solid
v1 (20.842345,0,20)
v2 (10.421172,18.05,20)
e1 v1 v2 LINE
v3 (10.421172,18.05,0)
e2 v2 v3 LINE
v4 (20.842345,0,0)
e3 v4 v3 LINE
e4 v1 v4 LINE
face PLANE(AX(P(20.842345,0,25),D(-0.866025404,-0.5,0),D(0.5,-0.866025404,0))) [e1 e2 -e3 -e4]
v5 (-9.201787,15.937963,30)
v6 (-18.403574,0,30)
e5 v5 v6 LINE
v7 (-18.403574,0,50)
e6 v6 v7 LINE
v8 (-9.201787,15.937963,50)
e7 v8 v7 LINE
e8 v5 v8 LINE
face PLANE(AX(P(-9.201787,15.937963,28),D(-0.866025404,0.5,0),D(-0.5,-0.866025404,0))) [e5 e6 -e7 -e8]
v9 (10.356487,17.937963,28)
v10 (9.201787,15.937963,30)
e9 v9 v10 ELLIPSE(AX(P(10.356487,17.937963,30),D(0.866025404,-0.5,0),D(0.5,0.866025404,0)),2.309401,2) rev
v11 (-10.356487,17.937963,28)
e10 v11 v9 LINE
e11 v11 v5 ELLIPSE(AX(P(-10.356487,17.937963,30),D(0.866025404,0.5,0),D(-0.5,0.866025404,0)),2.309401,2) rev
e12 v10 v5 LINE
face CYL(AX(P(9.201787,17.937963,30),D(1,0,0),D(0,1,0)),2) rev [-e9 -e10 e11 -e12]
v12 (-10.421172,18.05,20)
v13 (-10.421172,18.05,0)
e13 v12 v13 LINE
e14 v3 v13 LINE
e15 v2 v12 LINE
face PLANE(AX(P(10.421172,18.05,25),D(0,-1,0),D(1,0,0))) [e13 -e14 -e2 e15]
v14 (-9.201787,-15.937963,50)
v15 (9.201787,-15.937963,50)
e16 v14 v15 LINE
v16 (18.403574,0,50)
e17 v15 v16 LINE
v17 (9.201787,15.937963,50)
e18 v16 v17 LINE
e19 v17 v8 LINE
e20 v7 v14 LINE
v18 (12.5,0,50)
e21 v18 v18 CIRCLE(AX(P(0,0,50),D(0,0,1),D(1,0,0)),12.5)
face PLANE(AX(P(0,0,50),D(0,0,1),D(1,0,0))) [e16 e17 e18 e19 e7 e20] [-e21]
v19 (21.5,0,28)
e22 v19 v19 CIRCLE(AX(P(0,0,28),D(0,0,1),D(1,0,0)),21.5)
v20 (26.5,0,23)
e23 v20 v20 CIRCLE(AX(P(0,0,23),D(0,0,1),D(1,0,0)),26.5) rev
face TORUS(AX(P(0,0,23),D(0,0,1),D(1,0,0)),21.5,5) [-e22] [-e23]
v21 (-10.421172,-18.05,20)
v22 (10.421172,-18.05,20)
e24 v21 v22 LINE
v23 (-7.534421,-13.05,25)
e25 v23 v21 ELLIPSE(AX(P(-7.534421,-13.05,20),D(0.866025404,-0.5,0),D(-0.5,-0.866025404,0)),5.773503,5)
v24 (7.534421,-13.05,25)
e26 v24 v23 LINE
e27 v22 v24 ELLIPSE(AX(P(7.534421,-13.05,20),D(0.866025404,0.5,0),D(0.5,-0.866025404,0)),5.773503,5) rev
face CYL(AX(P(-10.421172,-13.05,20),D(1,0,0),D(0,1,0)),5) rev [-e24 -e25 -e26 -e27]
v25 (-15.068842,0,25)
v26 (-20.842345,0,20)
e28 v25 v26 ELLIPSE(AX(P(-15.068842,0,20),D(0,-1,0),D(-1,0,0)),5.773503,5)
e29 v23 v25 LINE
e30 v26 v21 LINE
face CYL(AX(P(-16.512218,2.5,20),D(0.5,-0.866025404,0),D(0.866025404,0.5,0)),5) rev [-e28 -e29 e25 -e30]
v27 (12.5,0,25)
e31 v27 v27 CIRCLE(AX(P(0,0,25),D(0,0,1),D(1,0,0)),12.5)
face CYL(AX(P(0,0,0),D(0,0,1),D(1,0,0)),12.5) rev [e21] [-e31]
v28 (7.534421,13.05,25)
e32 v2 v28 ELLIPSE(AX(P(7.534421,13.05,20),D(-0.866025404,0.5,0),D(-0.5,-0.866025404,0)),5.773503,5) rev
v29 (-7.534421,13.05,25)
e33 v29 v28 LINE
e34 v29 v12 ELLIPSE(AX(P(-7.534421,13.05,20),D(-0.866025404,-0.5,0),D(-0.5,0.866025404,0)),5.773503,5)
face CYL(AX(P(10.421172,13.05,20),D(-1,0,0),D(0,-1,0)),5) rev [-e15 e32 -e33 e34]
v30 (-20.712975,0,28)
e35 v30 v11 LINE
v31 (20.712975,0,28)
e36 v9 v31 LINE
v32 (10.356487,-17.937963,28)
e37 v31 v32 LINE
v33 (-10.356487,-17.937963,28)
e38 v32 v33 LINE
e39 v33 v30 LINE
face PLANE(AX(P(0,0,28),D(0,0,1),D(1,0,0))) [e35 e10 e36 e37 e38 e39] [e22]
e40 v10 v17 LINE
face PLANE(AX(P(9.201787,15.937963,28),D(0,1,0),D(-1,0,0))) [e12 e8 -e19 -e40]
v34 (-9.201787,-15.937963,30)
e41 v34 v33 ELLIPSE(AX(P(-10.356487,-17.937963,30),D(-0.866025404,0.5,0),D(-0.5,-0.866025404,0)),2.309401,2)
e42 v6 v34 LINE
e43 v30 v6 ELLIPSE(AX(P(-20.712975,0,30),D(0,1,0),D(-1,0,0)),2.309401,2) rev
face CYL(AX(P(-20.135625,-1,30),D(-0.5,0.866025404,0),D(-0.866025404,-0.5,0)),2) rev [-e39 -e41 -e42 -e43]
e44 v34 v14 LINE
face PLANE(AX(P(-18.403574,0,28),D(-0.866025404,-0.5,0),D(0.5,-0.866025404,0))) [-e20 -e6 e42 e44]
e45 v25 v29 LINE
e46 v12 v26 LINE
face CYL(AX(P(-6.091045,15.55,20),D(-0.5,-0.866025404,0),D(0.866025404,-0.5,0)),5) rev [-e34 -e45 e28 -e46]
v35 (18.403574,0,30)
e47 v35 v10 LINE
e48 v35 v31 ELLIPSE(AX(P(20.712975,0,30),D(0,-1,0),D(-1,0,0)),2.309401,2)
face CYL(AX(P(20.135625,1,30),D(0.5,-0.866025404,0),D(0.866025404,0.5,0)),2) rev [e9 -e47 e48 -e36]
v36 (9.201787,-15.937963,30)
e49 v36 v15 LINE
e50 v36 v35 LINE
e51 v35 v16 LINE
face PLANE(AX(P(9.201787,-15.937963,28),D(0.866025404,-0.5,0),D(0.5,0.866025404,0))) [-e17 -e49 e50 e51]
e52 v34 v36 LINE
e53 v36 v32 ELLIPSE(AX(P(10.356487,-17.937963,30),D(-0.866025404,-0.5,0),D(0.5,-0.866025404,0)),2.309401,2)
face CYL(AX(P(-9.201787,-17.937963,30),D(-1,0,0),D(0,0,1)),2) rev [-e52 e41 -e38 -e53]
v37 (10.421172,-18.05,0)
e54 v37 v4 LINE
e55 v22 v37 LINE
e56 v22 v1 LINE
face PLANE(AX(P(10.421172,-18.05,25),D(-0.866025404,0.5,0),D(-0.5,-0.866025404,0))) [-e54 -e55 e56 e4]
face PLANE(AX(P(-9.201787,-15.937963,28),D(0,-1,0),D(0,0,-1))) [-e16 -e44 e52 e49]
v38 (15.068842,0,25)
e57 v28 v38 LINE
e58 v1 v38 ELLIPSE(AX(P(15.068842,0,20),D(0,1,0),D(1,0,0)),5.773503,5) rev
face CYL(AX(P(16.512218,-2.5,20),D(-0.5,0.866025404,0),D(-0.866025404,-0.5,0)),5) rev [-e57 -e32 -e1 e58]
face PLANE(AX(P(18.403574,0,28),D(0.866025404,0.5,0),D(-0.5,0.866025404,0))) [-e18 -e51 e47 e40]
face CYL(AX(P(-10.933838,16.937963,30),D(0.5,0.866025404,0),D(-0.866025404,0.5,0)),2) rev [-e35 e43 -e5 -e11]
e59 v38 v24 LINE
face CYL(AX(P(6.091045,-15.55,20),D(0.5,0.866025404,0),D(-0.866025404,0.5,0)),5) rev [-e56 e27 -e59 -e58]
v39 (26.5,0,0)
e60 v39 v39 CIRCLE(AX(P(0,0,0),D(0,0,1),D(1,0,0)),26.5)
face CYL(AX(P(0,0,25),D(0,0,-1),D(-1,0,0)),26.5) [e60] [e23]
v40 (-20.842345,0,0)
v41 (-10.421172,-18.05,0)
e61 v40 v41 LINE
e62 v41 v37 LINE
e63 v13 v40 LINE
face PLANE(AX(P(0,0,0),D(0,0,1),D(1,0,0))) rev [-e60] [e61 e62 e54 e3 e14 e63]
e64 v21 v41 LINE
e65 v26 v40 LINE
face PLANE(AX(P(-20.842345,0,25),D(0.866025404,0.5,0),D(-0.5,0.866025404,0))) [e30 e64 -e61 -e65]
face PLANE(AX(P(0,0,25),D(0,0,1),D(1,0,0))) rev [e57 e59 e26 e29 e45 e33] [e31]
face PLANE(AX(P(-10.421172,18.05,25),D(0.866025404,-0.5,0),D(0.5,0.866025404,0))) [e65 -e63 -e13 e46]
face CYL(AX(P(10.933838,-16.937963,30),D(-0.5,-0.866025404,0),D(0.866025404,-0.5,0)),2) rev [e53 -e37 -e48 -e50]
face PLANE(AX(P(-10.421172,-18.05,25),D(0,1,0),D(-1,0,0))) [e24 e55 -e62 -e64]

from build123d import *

# Parameters (mm, degrees)
SKETCH1_R           = 26.5
BOSS_EXTRUDE1_DEPTH = 25
SKETCH2_R           = 26.5
BOSS_EXTRUDE2_DEPTH = 25
CUT_EXTRUDE1_START  = -22
SKETCH3_R           = 26.5
CUT_EXTRUDE1_DEPTH  = 22
FILLET1_R           = 2
FILLET2_R           = 5
FILLET3_R           = 5
SKETCH4_R           = 12.5
CUT_EXTRUDE2_DEPTH  = 63.485998432


with BuildPart() as part:
    # Sketch1 → Boss-Extrude1 (new body)
    with BuildSketch(Plane.XY):
        Circle(SKETCH1_R)
        Polygon((10.421172359, 18.05), (-10.421172359, 18.05), (-20.842344718, 0), (-10.421172359, -18.05), (10.421172359, -18.05), (20.842344718, 0), align=None, mode=Mode.SUBTRACT)
    extrude(amount=BOSS_EXTRUDE1_DEPTH)

    # Sketch2 → Boss-Extrude2 (add)
    with BuildSketch(Plane.XY.offset(25)):
        Circle(SKETCH2_R)
    extrude(amount=BOSS_EXTRUDE2_DEPTH)

    # Sketch3 → Cut-Extrude1 (cut)
    with BuildSketch(Plane.XY.offset(50).offset(CUT_EXTRUDE1_START)):
        Circle(SKETCH3_R)
        Polygon((9.20178694, 15.937962501), (-9.20178694, 15.937962501), (-18.40357388, 0), (-9.20178694, -15.937962501), (9.20178694, -15.937962501), (18.40357388, 0), align=None, mode=Mode.SUBTRACT)
    extrude(amount=CUT_EXTRUDE1_DEPTH, mode=Mode.SUBTRACT)

    # Fillet1
    fillet1_edges = [part.edges().sort_by_distance(p)[0] for p in [
        (13.80268041, -7.96898125, 28),
        (13.80268041, 7.96898125, 28),
        (0, 15.937962501, 28),
        (-13.80268041, 7.96898125, 28),
        (-13.80268041, -7.96898125, 28),
        (0, -15.937962501, 28),
    ]]
    fillet(fillet1_edges, radius=FILLET1_R)

    # Fillet2
    fillet2_edges = [part.edges().sort_by_distance(p)[0] for p in [
        (15.631758538, 9.025, 25),
        (0, 18.05, 25),
        (-15.631758538, 9.025, 25),
        (-15.631758538, -9.025, 25),
        (0, -18.05, 25),
        (15.631758538, -9.025, 25),
    ]]
    fillet(fillet2_edges, radius=FILLET2_R)

    # Fillet3
    fillet3_edges = [part.edges().sort_by_distance(p)[0] for p in [
        (-26.5, 0, 28),
    ]]
    fillet(fillet3_edges, radius=FILLET3_R)

    # Sketch4 → Cut-Extrude2 (cut, through all)
    with BuildSketch(Plane.XY.offset(50)):
        Circle(SKETCH4_R)
    extrude(amount=-CUT_EXTRUDE2_DEPTH, mode=Mode.SUBTRACT)


solid = part.part
